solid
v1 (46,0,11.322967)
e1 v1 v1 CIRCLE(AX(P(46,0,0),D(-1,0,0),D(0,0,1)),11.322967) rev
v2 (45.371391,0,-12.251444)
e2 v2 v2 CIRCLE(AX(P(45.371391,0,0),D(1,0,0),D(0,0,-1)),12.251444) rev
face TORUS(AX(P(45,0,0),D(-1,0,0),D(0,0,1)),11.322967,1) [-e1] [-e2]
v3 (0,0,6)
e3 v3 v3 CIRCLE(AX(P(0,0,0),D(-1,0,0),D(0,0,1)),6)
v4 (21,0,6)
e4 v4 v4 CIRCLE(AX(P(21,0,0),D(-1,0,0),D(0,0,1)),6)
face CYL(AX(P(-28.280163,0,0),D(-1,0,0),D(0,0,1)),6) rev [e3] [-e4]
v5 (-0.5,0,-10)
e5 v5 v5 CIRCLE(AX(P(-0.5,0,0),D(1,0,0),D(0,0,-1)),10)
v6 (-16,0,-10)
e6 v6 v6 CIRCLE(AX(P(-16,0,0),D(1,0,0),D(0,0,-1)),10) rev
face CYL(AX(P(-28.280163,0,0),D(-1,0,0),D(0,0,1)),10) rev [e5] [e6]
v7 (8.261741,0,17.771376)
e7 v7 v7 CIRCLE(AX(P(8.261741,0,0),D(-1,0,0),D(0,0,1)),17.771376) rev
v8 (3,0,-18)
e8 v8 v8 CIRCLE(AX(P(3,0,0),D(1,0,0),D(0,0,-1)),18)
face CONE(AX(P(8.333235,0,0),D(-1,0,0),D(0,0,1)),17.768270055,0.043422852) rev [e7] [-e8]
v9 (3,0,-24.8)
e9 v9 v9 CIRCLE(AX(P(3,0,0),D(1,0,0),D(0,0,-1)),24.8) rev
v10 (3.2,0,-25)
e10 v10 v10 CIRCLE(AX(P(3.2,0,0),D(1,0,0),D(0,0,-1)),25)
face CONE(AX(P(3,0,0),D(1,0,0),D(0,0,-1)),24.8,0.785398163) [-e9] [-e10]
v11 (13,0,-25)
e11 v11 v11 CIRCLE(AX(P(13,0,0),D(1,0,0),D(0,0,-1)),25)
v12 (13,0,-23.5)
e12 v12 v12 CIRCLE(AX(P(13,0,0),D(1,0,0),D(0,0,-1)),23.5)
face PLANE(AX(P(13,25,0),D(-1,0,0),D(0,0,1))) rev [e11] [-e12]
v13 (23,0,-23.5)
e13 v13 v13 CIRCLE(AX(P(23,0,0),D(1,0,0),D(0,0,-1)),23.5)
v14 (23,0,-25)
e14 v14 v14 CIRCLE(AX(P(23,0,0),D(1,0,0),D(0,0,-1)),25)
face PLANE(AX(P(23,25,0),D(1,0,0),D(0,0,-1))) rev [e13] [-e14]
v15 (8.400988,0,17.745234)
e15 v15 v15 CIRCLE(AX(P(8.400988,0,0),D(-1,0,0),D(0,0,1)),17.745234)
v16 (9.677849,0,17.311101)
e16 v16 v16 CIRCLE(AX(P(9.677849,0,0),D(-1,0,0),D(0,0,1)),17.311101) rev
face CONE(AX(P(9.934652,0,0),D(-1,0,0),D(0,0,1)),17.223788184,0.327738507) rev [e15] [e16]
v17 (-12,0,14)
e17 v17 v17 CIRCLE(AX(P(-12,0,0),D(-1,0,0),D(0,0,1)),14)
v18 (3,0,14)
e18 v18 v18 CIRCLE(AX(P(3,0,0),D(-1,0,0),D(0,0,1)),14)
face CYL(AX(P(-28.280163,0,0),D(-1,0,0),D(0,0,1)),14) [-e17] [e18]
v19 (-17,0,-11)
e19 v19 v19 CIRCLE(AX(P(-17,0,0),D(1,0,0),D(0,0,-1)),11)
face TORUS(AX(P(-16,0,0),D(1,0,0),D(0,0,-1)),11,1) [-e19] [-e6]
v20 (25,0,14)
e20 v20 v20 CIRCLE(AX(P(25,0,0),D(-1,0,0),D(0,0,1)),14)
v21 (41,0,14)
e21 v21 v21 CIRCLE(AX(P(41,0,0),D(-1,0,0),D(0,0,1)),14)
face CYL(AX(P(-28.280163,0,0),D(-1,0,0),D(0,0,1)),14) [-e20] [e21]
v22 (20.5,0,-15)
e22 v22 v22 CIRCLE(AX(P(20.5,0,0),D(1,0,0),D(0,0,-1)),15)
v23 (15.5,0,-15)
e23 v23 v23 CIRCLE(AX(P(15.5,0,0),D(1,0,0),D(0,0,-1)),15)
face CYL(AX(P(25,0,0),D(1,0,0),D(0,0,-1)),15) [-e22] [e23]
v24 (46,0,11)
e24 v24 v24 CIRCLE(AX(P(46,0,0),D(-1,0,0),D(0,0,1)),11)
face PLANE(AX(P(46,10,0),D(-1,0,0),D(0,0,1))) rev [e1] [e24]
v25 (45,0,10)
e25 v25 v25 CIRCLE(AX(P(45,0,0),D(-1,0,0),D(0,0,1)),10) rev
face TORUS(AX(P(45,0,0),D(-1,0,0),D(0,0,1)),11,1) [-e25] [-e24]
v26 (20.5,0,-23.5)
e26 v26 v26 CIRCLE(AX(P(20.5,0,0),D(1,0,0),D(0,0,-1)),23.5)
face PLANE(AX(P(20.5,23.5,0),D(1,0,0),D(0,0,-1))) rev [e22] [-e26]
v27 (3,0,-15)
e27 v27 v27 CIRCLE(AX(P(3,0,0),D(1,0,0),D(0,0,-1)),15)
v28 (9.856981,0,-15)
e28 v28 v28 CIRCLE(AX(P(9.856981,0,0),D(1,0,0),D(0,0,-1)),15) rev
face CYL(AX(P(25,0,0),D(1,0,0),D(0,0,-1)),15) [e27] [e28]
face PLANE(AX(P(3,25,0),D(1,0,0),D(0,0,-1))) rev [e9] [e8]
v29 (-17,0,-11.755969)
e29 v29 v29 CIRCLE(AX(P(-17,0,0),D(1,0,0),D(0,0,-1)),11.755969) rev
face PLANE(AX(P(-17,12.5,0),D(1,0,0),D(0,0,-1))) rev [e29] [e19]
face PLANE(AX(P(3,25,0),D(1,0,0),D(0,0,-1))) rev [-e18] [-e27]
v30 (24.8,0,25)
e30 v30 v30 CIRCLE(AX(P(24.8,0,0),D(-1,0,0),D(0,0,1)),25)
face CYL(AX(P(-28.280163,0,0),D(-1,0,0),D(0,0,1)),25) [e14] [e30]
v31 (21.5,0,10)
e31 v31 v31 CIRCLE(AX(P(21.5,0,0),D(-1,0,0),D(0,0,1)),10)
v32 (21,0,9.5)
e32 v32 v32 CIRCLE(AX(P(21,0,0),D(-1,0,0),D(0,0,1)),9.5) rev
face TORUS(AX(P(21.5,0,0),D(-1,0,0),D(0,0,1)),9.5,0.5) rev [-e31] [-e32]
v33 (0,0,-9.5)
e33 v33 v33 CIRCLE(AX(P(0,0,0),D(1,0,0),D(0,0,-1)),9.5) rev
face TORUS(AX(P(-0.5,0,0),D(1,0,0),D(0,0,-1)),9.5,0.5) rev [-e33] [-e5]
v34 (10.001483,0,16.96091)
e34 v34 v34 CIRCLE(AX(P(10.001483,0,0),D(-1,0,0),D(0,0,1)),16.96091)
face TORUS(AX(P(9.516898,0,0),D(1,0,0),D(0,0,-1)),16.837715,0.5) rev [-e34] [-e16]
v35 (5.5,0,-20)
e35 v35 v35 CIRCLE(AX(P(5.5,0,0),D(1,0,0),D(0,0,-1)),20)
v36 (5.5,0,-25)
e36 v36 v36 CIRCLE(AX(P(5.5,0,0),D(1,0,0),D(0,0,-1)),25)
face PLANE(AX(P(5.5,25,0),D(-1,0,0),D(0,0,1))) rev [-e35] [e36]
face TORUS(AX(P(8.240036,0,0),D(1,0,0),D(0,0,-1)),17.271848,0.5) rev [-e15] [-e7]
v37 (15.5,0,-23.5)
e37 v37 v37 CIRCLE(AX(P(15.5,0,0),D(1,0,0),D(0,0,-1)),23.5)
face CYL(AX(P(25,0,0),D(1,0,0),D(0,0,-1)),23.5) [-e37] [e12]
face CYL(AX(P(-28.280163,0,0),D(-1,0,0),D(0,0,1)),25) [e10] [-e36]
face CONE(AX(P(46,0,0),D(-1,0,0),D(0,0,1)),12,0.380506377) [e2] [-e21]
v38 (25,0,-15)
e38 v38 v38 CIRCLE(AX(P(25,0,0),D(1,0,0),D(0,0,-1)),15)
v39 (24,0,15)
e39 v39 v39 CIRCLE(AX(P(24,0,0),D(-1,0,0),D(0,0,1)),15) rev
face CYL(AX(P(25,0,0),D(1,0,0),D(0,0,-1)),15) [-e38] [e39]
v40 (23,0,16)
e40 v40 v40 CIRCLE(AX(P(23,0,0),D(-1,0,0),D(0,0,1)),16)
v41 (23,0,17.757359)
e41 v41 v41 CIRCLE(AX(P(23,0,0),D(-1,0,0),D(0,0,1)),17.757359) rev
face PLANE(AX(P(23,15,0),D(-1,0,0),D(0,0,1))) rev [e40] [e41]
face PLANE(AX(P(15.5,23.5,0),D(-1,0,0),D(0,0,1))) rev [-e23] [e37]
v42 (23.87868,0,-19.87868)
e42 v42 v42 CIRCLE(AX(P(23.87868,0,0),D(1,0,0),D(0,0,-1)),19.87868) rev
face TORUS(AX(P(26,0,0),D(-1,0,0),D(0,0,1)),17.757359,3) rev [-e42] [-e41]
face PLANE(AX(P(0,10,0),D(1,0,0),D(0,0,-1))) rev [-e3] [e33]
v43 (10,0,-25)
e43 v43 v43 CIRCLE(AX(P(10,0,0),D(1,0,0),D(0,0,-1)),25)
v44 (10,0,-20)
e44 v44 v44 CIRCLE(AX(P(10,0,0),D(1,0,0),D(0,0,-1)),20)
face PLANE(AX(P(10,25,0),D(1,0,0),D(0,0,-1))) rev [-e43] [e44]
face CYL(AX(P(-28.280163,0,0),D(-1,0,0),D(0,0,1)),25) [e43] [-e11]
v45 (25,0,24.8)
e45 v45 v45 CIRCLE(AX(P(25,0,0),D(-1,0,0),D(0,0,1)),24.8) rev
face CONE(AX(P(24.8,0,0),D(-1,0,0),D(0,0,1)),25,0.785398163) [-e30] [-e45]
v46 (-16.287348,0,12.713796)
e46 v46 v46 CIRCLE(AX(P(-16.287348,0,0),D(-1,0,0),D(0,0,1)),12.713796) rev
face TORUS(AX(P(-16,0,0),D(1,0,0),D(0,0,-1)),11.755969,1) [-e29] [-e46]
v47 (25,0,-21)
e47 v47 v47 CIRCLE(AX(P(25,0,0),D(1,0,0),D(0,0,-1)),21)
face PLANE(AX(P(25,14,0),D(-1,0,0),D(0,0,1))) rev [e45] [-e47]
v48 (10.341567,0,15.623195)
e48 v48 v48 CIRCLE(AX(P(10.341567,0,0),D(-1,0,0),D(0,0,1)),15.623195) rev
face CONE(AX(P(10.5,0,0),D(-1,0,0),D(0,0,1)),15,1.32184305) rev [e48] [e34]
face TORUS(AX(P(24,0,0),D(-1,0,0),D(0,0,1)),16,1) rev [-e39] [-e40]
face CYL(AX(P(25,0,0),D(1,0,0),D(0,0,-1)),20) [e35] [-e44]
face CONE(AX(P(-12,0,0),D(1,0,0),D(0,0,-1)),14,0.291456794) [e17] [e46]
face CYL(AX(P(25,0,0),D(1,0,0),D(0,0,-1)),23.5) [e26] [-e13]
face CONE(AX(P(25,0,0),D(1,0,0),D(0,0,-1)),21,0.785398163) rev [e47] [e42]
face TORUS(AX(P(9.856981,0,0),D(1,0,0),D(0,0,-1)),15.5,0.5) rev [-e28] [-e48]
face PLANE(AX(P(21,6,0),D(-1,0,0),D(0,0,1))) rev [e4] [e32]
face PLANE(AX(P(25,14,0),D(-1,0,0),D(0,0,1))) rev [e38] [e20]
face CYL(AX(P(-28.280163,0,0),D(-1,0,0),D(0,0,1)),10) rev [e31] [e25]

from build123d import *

# Parameters (mm, degrees)
SZKIC2_W         = 4.5
SZKIC2_H         = 5
ZAOKR_GLENIE1_R  = 1
ZAOKR_GLENIE2_R  = 0.5
ZAOKR_GLENIE3_R  = 1
ZAOKR_GLENIE4_R  = 3
ZAOKR_GLENIE5_R  = 0.5
SFAZOWANIE1_SIZE = 0.2


with BuildPart() as part:
    # Szkic1 → Obrót1 (revolve)
    with BuildSketch(Plane.XY, mode=Mode.PRIVATE) as obr_t1_sk:
        Polygon((0, 6), (21, 6), (21, 10), (46, 10), (46, 12), (41, 14), (25, 14), (25, 25), (3, 25), (3, 14), (-12, 14), (-17, 12.5), (-17, 10), (0, 10), align=None)
    revolve(obr_t1_sk.sketch.rotate(Axis((-28.280163409, 0, 0), (1, 0, 0)), 90), axis=Axis((-28.280163409, 0, 0), (1, 0, 0)))

    # Szkic2 → Wycięcie-obrót1 (revolve, cut)
    with BuildSketch(Plane.XY, mode=Mode.PRIVATE) as wyci_cie_obr_t1_sk:
        Polygon((3, 15), (10.5, 15), (9.934652445, 17.223788184), (8.333235178, 17.768270055), (3, 18), align=None)
        Polygon((20.5, 23.5), (23, 23.5), (23, 25), (13, 25), (13, 23.5), (15.5, 23.5), (15.5, 15), (20.5, 15), align=None)
        with Locations((7.75, 22.5)):
            Rectangle(SZKIC2_W, SZKIC2_H)
        Polygon((25, 15), (23, 15), (23, 19), (25, 21), align=None)
    revolve(wyci_cie_obr_t1_sk.sketch.rotate(Axis((25, 0, 0), (-1, 0, 0)), 90), axis=Axis((25, 0, 0), (-1, 0, 0)), mode=Mode.SUBTRACT)

    # Zaokrąglenie1
    zaokr_glenie1_edges = [part.edges().sort_by_distance(p)[0] for p in [
        (-17, 0, -10),
        (-17, 0, -12.5),
        (46, 0, -12),
        (46, 0, -10),
    ]]
    fillet(zaokr_glenie1_edges, radius=ZAOKR_GLENIE1_R)

    # Zaokrąglenie2
    zaokr_glenie2_edges = [part.edges().sort_by_distance(p)[0] for p in [
        (0, 0, -10),
        (21, 0, -10),
    ]]
    fillet(zaokr_glenie2_edges, radius=ZAOKR_GLENIE2_R)

    # Zaokrąglenie3
    zaokr_glenie3_edges = [part.edges().sort_by_distance(p)[0] for p in [
        (23, 0, 15),
    ]]
    fillet(zaokr_glenie3_edges, radius=ZAOKR_GLENIE3_R)

    # Zaokrąglenie4
    zaokr_glenie4_edges = [part.edges().sort_by_distance(p)[0] for p in [
        (23, 0, 19),
    ]]
    fillet(zaokr_glenie4_edges, radius=ZAOKR_GLENIE4_R)

    # Zaokrąglenie5
    zaokr_glenie5_edges = [part.edges().sort_by_distance(p)[0] for p in [
        (10.5, 0, 15),
        (9.934652445, 0, 17.223788184),
        (8.333235178, 0, 17.768270055),
    ]]
    fillet(zaokr_glenie5_edges, radius=ZAOKR_GLENIE5_R)

    # Sfazowanie1
    sfazowanie1_edges = [part.edges().sort_by_distance(p)[0] for p in [
        (3, 0, -25),
        (25, 0, -25),
    ]]
    chamfer(sfazowanie1_edges, length=SFAZOWANIE1_SIZE)


solid = part.part
